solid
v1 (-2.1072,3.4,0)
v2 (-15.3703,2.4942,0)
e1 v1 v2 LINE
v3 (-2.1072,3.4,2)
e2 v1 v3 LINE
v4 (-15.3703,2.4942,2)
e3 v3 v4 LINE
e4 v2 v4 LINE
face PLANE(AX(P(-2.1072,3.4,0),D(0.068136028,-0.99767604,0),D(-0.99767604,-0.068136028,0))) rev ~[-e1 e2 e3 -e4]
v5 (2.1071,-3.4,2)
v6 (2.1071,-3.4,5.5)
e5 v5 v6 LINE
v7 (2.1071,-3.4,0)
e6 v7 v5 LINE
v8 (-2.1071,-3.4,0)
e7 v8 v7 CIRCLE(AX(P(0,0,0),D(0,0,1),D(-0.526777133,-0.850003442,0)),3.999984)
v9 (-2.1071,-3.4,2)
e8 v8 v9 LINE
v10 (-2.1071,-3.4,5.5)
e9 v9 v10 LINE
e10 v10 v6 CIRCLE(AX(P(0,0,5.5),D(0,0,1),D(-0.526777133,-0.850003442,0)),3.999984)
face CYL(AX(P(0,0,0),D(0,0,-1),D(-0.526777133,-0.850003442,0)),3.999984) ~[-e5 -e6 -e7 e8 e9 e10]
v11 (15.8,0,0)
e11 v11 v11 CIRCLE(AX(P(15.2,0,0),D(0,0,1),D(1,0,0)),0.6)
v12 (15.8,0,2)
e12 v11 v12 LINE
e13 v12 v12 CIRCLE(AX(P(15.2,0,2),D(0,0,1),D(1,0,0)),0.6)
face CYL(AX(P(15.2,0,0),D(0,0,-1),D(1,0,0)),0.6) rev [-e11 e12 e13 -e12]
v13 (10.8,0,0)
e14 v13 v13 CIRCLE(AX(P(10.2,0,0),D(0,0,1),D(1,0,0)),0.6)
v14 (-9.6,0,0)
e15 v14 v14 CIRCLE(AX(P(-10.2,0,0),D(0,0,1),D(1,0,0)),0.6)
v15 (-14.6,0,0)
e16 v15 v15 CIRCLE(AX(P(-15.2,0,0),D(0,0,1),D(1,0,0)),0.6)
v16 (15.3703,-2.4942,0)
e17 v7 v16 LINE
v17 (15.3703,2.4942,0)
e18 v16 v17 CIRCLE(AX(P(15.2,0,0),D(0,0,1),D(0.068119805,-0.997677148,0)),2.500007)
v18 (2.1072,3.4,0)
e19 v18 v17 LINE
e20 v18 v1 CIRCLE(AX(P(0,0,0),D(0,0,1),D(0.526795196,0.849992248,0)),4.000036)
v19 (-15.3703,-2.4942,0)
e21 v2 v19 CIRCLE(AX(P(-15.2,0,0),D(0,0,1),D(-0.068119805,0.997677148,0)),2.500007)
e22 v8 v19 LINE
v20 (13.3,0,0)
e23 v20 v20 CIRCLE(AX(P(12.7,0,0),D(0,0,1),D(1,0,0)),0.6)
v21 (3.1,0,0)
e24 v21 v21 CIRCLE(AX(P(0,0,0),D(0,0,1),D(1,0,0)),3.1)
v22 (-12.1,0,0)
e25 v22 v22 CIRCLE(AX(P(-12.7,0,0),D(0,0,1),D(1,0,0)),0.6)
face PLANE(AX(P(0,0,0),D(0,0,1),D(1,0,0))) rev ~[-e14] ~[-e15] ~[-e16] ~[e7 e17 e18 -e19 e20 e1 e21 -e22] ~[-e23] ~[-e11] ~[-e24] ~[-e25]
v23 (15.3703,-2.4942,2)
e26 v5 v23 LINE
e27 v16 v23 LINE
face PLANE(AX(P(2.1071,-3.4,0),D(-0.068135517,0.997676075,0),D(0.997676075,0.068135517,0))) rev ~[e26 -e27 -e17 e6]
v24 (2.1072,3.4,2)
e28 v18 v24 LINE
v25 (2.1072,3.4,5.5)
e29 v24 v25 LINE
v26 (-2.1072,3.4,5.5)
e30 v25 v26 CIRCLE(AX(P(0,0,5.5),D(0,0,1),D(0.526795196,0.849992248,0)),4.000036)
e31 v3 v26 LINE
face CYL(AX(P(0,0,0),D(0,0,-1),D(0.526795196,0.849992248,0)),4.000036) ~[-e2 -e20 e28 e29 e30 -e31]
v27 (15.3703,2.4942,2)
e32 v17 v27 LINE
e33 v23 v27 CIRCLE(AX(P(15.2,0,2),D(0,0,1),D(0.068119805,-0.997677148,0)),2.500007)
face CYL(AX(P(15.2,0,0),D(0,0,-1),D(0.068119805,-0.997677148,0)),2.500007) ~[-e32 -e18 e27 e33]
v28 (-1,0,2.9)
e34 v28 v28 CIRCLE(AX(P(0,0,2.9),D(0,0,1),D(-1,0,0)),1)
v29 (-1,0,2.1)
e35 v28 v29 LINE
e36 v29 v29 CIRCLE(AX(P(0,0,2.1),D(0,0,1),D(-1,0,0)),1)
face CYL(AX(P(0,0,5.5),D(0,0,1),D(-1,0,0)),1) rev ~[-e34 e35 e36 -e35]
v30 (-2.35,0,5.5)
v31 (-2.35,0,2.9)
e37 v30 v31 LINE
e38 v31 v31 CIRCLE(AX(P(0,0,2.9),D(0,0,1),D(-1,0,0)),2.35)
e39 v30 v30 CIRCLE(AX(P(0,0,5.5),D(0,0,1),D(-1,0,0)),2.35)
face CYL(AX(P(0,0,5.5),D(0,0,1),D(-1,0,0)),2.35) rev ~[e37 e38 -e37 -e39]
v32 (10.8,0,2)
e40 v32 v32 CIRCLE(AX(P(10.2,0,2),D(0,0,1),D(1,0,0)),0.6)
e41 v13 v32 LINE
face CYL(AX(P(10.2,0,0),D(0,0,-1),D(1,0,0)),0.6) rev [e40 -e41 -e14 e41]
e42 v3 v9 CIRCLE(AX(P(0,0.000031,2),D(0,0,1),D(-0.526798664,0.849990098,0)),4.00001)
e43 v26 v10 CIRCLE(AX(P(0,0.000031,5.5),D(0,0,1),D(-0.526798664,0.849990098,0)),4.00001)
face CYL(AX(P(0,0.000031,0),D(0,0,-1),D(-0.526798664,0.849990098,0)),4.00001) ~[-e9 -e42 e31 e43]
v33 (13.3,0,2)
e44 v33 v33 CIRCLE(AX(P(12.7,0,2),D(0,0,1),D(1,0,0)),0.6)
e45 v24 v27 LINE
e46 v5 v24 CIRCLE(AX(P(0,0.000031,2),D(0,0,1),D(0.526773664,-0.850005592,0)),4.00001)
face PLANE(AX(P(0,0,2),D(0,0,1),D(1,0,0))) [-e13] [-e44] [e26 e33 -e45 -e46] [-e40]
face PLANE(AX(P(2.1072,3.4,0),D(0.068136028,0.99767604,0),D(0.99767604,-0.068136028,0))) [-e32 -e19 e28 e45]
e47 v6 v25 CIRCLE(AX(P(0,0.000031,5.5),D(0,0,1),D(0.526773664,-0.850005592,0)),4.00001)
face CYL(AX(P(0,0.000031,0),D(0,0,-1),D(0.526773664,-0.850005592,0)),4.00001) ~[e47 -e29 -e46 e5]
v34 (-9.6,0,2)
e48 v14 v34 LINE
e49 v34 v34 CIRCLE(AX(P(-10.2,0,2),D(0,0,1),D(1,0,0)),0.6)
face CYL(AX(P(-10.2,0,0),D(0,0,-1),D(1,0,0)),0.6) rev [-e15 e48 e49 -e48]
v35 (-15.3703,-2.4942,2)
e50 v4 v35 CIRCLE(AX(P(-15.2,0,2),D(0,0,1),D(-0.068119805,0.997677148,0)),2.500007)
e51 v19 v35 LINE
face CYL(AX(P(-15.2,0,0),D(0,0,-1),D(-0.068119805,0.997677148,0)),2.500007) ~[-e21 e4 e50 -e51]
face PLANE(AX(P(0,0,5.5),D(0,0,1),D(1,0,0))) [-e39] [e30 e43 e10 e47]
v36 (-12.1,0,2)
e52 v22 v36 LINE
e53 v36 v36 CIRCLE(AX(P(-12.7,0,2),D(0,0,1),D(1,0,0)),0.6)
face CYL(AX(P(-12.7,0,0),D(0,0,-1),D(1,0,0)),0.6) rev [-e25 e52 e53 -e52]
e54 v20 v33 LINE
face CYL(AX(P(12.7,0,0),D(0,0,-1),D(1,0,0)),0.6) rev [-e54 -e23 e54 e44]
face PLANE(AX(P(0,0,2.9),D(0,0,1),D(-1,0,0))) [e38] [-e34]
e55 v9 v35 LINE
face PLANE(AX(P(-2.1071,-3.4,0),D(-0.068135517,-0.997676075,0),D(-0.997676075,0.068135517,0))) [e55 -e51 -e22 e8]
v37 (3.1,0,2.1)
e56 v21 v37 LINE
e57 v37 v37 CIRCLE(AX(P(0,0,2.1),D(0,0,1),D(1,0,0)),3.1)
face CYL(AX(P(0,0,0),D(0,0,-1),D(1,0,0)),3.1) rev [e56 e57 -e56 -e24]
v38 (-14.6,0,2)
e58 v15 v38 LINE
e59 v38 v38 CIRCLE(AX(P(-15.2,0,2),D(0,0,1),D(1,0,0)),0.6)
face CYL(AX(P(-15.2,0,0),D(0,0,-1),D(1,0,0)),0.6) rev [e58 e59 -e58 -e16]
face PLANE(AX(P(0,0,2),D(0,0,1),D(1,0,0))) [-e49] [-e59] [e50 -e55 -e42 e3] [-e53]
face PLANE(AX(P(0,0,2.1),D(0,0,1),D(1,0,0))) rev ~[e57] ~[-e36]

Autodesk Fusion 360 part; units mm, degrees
sketch "スケッチ1" plane through (0, 0, 0) normal (0, 0, 1) x (1, 0, 0)
  line L0 (2.1072, 3.4) -> (-2.1072, 3.4) construction
  line L1 (-2.1071, -3.4) -> (2.1071, -3.4) construction
  line L2 (17.7, 3.4) -> (-17.7, 3.4) construction
  line L3 (-17.7, 3.4) -> (-17.7, -3.4) construction
  line L4 (-17.7, -3.4) -> (17.7, -3.4) construction
  line L5 (17.7, -3.4) -> (17.7, 3.4) construction
  line L6 (17.7, 3.4) -> (-17.7, -3.4) construction
  line L7 (-17.7, 3.4) -> (17.7, -3.4) construction
  line L8 (-2.1072, 3.4) -> (-15.3703, 2.4942)
  line L9 (-2.1071, -3.4) -> (-15.3703, -2.4942)
  line L10 (2.1072, 3.4) -> (15.3703, 2.4942)
  line L11 (2.1071, -3.4) -> (15.3703, -2.4942)
  arc A0 (-15.3703, 2.4942) -> (-15.3703, -2.4942) centre (-15.2, 0) ccw
  arc A1 (15.3703, -2.4942) -> (15.3703, 2.4942) centre (15.2, 0) ccw
  arc A2 (2.1072, 3.4) -> (-2.1072, 3.4) centre (0, 0) ccw
  arc A3 (-2.1072, 3.4) -> (-2.1071, -3.4) centre (0, 0) ccw
  arc A4 (2.1071, -3.4) -> (2.1072, 3.4) centre (0, 0) ccw
  arc A5 (-2.1071, -3.4) -> (2.1071, -3.4) centre (0, 0) ccw
  line L12 (-2.1072, 3.4) -> (2.1072, 3.4)
  line L13 (-2.1071, -3.4) -> (2.1071, -3.4)
  circle A6 centre (-15.2, 0) radius 0.6
  circle A7 centre (-12.7, 0) radius 0.6
  circle A8 centre (-10.2, 0) radius 0.6
  line L14 (0, 1.75) -> (0, 22.5) construction
  circle A9 centre (10.2, 0) radius 0.6
  circle A10 centre (12.7, 0) radius 0.6
  circle A11 centre (15.2, 0) radius 0.6
  dimension "d1" = 8
  dimension "d5" = 6.8
  dimension "d6" = 35.4
  dimension "d7" = 6.8
  dimension "d8" = 2.5
  dimension "d9" = 2.5
  dimension "d10" = 1.2
  dimension "d11" = 2.5
  dimension "d14" = 2.5
  dimension "d15" = 0
extrude "押し出し1" add sketch "スケッチ1" along normal blind 5.5 contours A3 A4 L12 L13 | A2 L12 | A5 L13 makes body 1
extrude "押し出し2" add sketch "スケッチ1" along normal blind 2 contours L8 L9 A0 A3 | L10 L11 A1 A4 bodies 1
sketch "スケッチ2" plane through (0, 0, 5.5) normal (0, 0, 1) x (-1, 0, 0)
  circle A0 centre (0, 0) radius 4
  circle A1 centre (0, 0) radius 1
  circle A2 centre (0, 0) radius 2.35
  dimension "d23" = 2
  dimension "d24" = 4.7
extrude "押し出し3" cut sketch "スケッチ2" against normal through all contours A1 bodies 1
extrude "押し出し4" cut sketch "スケッチ2" against normal blind 2.6 contours A2 bodies 1
sketch "スケッチ3" plane through (0, 0, 0) normal (0, 0, 1) x (1, 0, 0)
  circle A0 centre (0, 0) radius 3.1
  dimension "d28" = 6.2
extrude "押し出し5" cut sketch "スケッチ3" along normal blind 2.1 bodies 1
copy_body "ボディ -> コンポーネント1" bodies 1 removing the originals makes body 2 in component "Component'"
component "Component'" placed x (1, 0, 0) y (0, 1, 0) z (0, 0, 1) at (0, 0, 0)
